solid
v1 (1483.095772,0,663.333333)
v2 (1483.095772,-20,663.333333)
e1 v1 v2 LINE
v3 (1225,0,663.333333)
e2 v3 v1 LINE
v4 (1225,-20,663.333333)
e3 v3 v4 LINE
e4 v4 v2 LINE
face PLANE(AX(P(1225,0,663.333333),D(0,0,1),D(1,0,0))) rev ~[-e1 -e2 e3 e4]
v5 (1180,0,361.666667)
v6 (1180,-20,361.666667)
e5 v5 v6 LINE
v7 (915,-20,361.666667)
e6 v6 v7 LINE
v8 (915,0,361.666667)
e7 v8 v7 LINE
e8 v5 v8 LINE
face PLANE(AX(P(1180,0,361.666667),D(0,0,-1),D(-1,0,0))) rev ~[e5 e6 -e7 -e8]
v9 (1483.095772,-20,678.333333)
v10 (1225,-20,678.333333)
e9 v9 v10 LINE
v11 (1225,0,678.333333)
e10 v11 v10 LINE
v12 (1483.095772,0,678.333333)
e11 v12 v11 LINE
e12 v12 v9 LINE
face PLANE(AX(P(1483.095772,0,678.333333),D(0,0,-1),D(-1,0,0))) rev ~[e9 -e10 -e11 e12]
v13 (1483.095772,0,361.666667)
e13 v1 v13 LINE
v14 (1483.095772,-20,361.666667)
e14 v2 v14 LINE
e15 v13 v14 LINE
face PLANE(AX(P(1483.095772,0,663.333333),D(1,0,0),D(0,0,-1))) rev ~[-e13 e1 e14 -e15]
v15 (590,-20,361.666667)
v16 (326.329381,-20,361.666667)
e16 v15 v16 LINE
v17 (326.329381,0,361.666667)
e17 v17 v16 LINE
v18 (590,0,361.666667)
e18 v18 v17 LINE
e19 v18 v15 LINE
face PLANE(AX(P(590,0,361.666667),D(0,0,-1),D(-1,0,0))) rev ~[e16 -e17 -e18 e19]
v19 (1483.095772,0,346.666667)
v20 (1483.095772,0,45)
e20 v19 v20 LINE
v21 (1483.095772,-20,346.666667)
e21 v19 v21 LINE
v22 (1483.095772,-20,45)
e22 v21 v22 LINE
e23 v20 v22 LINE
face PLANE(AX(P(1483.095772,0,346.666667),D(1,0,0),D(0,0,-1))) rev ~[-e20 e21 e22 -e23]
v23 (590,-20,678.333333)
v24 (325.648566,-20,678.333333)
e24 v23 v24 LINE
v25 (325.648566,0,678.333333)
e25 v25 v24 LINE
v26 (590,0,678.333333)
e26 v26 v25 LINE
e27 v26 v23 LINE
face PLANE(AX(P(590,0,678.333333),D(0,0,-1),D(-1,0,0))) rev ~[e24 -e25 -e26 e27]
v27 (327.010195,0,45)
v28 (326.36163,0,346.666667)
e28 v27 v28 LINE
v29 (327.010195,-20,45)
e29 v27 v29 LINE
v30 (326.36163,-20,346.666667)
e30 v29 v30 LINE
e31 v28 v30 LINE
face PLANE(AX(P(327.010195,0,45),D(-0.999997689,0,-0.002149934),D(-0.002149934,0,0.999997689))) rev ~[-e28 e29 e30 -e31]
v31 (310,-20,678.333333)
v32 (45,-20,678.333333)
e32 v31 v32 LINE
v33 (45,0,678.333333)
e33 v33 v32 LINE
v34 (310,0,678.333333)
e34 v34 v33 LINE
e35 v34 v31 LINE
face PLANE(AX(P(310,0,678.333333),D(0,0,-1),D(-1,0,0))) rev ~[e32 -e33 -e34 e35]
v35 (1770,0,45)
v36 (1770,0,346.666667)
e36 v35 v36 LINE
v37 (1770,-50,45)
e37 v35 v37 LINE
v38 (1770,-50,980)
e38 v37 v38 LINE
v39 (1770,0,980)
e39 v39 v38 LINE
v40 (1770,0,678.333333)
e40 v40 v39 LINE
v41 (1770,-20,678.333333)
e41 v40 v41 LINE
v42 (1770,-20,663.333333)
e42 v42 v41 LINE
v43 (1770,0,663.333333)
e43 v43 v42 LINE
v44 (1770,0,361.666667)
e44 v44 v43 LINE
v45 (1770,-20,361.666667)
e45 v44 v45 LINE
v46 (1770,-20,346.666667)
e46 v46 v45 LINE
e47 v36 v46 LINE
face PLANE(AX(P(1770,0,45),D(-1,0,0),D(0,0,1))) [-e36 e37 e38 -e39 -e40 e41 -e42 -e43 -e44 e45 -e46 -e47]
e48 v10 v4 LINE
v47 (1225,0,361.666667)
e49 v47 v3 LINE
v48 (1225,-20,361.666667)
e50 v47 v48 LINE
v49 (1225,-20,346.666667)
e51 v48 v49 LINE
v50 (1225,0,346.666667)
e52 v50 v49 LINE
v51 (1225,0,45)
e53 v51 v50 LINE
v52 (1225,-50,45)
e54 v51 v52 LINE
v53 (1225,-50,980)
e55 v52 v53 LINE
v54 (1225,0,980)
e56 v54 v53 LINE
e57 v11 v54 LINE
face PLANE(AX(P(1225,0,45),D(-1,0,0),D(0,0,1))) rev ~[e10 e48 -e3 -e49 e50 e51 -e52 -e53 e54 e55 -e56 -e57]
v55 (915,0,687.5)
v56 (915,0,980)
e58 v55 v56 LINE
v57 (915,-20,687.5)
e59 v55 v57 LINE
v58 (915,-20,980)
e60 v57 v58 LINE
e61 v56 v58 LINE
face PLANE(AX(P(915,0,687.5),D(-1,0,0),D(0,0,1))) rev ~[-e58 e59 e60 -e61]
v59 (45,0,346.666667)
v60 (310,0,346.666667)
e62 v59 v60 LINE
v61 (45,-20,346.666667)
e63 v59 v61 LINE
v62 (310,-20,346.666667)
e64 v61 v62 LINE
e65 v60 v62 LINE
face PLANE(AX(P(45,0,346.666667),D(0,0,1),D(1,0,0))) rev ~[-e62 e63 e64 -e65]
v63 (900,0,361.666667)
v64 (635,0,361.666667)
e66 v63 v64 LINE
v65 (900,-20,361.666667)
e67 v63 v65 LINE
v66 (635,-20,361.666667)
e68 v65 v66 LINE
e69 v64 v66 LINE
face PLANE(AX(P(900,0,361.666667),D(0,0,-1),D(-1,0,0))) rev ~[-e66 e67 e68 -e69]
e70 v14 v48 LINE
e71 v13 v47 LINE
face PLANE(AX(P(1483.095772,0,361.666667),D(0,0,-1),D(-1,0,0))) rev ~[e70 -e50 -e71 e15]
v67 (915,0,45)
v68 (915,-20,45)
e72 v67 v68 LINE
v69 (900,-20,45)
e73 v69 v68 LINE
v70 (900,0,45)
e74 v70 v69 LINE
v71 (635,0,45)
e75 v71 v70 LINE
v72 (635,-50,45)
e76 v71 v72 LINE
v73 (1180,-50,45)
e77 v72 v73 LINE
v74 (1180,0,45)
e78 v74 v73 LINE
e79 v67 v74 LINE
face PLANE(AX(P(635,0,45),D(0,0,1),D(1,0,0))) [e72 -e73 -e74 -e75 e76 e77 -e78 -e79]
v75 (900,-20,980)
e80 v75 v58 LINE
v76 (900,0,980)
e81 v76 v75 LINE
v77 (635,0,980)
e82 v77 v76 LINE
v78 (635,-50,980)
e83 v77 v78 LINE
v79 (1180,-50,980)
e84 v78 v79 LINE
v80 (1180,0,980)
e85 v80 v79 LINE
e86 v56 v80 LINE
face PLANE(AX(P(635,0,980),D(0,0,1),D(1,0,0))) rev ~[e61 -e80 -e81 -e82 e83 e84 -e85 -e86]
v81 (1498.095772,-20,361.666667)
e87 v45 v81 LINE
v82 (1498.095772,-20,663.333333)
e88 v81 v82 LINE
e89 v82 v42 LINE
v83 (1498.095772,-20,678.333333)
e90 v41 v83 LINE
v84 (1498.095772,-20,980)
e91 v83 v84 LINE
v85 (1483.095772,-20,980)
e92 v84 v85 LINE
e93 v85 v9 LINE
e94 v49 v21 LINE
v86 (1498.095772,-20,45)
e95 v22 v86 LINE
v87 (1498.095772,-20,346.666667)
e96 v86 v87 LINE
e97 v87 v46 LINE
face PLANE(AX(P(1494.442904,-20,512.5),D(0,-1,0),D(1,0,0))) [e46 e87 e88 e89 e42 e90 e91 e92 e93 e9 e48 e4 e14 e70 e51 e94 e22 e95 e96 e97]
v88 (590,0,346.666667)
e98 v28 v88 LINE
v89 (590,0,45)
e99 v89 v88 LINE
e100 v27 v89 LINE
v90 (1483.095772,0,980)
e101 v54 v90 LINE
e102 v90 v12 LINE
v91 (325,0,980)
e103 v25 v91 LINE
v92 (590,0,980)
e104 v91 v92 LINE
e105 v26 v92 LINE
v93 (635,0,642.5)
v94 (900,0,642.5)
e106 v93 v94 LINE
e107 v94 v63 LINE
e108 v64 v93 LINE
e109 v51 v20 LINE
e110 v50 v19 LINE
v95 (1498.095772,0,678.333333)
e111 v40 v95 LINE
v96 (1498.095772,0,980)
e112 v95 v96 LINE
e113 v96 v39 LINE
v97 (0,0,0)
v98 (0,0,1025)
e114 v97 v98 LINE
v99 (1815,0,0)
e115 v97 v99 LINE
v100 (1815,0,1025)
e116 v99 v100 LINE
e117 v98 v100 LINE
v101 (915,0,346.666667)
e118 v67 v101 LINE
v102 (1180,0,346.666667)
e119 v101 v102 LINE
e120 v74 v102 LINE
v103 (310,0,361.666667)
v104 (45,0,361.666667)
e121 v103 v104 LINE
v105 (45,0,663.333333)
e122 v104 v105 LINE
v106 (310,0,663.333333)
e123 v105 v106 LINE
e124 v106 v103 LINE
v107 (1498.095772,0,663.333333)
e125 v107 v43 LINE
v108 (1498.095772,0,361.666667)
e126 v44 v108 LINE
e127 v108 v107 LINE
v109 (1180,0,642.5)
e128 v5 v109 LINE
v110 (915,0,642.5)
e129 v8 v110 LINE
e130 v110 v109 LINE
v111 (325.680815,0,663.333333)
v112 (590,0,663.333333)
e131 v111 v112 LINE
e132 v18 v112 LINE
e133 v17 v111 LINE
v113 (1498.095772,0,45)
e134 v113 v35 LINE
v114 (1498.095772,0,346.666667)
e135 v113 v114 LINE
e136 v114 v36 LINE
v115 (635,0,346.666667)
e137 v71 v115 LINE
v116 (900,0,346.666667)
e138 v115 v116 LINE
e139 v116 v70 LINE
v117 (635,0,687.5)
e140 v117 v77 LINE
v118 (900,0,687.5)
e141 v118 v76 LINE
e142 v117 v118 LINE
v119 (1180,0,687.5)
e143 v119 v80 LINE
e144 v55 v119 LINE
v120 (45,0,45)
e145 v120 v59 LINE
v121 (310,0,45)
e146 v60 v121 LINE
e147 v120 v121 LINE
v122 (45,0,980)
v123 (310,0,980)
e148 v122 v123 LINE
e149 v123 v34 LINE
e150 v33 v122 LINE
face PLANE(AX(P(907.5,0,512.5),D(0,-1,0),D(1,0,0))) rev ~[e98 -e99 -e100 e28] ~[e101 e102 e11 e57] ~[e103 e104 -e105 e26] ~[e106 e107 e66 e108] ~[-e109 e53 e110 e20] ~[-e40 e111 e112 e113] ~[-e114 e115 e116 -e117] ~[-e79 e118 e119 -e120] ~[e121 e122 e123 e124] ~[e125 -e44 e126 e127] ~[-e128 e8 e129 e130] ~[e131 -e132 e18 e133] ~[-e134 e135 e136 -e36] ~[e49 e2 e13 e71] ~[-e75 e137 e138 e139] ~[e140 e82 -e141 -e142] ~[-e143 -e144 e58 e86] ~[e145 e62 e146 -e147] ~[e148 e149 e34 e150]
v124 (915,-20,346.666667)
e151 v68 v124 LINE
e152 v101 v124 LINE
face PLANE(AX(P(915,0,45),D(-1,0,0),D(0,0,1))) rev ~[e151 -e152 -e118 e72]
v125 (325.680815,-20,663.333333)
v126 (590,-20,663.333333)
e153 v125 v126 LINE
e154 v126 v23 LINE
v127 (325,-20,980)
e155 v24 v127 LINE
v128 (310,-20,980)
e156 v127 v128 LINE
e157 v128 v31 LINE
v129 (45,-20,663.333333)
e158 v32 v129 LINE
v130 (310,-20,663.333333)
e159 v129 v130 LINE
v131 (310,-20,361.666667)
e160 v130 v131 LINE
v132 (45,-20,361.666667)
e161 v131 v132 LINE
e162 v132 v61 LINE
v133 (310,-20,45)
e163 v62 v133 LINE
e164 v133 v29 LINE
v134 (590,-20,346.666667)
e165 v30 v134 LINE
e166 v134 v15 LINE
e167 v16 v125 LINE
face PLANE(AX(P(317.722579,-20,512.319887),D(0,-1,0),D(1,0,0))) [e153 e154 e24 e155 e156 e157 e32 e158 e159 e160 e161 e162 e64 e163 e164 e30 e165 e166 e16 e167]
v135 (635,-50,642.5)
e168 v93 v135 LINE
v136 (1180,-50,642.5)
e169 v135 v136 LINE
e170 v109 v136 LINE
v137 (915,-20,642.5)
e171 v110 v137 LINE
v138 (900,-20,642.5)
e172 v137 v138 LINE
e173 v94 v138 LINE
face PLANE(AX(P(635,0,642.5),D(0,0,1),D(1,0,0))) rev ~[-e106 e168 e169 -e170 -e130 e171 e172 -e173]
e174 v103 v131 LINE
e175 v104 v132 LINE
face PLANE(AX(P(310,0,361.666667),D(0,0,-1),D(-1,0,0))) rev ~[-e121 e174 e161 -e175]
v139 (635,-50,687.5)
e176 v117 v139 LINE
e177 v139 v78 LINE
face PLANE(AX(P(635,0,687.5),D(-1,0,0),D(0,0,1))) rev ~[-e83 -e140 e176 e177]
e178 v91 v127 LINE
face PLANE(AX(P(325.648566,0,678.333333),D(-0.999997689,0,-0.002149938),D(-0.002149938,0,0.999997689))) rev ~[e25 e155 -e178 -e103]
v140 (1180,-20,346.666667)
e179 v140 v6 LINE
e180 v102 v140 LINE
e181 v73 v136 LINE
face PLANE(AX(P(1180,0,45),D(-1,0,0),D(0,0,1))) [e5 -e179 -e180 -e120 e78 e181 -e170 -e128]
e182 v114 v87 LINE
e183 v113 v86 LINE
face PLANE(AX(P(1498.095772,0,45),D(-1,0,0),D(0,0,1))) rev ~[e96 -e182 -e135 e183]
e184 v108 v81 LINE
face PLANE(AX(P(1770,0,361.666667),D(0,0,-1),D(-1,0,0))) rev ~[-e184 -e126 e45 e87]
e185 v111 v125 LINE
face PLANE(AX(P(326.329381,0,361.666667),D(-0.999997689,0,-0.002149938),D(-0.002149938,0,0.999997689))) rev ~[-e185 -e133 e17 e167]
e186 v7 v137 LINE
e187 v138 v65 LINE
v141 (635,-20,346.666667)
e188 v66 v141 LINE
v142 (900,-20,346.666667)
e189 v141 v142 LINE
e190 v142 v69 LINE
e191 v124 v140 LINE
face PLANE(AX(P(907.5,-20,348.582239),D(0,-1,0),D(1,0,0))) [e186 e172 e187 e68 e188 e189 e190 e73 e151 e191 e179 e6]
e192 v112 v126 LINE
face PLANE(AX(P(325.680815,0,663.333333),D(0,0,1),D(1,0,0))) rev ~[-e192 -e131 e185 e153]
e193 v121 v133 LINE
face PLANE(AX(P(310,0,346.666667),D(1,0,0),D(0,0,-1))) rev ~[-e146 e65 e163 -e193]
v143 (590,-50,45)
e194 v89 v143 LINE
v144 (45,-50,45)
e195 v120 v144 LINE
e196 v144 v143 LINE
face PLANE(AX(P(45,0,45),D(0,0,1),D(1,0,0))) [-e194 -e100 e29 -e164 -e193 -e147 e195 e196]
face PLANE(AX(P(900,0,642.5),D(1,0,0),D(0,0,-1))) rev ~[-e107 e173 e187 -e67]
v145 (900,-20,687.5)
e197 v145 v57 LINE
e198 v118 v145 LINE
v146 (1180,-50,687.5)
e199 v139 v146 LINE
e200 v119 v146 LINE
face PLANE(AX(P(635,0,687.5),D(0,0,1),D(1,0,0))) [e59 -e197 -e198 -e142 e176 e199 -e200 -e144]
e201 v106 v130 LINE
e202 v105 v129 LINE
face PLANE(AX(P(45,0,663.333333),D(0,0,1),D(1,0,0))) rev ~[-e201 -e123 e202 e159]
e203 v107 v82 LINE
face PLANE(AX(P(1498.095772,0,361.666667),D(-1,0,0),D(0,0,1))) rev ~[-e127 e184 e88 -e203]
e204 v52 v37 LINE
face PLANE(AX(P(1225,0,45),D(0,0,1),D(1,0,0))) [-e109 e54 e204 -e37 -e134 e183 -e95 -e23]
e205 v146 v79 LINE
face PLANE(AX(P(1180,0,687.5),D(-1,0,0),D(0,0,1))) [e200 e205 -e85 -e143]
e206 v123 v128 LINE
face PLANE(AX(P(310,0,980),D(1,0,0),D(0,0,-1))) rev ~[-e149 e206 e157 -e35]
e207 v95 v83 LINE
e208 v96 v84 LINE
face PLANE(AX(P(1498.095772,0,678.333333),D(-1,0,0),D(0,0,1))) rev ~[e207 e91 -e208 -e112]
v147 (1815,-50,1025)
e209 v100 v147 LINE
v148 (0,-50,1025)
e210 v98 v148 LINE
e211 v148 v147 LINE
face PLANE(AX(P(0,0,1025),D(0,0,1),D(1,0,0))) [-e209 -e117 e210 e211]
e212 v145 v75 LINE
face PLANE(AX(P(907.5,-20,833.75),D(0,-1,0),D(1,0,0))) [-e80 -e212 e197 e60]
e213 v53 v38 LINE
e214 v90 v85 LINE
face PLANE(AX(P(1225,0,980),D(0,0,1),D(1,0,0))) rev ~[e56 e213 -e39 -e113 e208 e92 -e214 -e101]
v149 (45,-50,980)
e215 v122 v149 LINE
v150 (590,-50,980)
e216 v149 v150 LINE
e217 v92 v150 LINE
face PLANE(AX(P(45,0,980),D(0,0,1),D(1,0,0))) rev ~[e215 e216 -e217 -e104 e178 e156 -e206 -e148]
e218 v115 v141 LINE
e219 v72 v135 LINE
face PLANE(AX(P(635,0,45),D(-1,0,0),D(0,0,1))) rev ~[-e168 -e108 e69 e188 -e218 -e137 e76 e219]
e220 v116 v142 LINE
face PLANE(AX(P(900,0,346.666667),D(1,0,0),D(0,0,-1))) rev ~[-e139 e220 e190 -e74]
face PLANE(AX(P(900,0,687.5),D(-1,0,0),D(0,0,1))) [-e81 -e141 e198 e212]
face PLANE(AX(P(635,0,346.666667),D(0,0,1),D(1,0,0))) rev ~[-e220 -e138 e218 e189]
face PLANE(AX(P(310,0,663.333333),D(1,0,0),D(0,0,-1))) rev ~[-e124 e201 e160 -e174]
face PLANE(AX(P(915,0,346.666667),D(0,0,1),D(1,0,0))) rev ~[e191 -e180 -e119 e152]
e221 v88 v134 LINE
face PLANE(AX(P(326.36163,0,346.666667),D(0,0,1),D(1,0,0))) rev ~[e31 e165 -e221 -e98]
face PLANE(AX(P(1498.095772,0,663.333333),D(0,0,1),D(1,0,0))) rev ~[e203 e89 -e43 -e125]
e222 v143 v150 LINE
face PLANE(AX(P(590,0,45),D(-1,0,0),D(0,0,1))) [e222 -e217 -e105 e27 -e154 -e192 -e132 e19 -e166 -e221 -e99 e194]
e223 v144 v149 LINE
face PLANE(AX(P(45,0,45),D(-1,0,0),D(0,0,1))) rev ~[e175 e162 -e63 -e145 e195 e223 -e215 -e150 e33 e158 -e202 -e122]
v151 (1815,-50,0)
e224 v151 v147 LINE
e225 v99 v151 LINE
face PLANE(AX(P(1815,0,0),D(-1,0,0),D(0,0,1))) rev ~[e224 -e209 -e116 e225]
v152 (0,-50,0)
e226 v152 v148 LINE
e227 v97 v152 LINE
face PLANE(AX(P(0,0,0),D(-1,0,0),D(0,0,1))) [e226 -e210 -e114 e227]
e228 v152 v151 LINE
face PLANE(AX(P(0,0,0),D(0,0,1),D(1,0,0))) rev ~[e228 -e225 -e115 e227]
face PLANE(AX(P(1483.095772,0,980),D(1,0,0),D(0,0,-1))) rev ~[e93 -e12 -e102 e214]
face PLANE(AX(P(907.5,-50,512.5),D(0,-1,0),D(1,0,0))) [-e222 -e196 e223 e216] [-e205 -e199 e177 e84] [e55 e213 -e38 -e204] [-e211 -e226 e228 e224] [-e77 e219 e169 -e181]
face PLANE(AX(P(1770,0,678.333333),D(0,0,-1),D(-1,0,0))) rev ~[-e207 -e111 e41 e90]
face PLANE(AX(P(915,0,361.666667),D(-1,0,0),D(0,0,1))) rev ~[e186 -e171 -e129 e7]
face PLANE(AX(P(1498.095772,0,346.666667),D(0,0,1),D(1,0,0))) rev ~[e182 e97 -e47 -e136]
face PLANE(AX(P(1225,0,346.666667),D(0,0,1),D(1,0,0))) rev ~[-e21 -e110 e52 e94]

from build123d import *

# Parameters (mm, degrees)
F0_W     = 1815
F0_H     = 1025
F0_W_2   = 545
F0_H_2   = 597.5
F0_H_3   = 935
F0_H_4   = 292.5
F1_DEPTH = 50
F2_W     = 15
F2_H     = 292.5
F3_DEPTH = 20


with BuildPart() as f1:
    # F0 (on Front) → F1 (new body)
    with BuildSketch(Plane.XZ):
        with Locations((907.5, 512.5)):
            Rectangle(F0_W, F0_H)
        with Locations((907.5, 343.75)):
            Rectangle(F0_W_2, F0_H_2, mode=Mode.SUBTRACT)
        with Locations((317.5, 512.5)):
            Rectangle(F0_W_2, F0_H_3, mode=Mode.SUBTRACT)
        with Locations((907.5, 833.75)):
            Rectangle(F0_W_2, F0_H_4, mode=Mode.SUBTRACT)
        with Locations((1497.5, 512.5)):
            Rectangle(F0_W_2, F0_H_3, mode=Mode.SUBTRACT)
    extrude(amount=F1_DEPTH)

    # F2 (on Front) → F3 (join)
    with BuildSketch(Plane.XZ):
        Polygon((325, 980), (310, 980), (310, 678.333333), (45, 678.333333), (45, 663.333333), (310, 663.333333), (310, 361.666667), (45, 361.666667), (45, 346.666667), (310, 346.666667), (310, 45), (327.010195, 45), (326.36163, 346.666667), (590, 346.666667), (590, 361.666667), (326.329381, 361.666667), (325.680815, 663.333333), (590, 663.333333), (590, 678.333333), (325.648566, 678.333333), align=None)
        Polygon((1498.095772, 980), (1483.095772, 980), (1483.095772, 678.333333), (1225, 678.333333), (1225, 663.333333), (1483.095772, 663.333333), (1483.095772, 361.666667), (1225, 361.666667), (1225, 346.666667), (1483.095772, 346.666667), (1483.095772, 45), (1498.095772, 45), (1498.095772, 346.666667), (1770, 346.666667), (1770, 361.666667), (1498.095772, 361.666667), (1498.095772, 663.333333), (1770, 663.333333), (1770, 678.333333), (1498.095772, 678.333333), align=None)
        with Locations((907.5, 833.75)):
            Rectangle(F2_W, F2_H)
        Polygon((915, 642.5), (900, 642.5), (900, 361.666667), (635, 361.666667), (635, 346.666667), (900, 346.666667), (900, 45), (915, 45), (915, 346.666667), (1180, 346.666667), (1180, 361.666667), (915, 361.666667), align=None)
    extrude(amount=F3_DEPTH)


solid = f1.part
